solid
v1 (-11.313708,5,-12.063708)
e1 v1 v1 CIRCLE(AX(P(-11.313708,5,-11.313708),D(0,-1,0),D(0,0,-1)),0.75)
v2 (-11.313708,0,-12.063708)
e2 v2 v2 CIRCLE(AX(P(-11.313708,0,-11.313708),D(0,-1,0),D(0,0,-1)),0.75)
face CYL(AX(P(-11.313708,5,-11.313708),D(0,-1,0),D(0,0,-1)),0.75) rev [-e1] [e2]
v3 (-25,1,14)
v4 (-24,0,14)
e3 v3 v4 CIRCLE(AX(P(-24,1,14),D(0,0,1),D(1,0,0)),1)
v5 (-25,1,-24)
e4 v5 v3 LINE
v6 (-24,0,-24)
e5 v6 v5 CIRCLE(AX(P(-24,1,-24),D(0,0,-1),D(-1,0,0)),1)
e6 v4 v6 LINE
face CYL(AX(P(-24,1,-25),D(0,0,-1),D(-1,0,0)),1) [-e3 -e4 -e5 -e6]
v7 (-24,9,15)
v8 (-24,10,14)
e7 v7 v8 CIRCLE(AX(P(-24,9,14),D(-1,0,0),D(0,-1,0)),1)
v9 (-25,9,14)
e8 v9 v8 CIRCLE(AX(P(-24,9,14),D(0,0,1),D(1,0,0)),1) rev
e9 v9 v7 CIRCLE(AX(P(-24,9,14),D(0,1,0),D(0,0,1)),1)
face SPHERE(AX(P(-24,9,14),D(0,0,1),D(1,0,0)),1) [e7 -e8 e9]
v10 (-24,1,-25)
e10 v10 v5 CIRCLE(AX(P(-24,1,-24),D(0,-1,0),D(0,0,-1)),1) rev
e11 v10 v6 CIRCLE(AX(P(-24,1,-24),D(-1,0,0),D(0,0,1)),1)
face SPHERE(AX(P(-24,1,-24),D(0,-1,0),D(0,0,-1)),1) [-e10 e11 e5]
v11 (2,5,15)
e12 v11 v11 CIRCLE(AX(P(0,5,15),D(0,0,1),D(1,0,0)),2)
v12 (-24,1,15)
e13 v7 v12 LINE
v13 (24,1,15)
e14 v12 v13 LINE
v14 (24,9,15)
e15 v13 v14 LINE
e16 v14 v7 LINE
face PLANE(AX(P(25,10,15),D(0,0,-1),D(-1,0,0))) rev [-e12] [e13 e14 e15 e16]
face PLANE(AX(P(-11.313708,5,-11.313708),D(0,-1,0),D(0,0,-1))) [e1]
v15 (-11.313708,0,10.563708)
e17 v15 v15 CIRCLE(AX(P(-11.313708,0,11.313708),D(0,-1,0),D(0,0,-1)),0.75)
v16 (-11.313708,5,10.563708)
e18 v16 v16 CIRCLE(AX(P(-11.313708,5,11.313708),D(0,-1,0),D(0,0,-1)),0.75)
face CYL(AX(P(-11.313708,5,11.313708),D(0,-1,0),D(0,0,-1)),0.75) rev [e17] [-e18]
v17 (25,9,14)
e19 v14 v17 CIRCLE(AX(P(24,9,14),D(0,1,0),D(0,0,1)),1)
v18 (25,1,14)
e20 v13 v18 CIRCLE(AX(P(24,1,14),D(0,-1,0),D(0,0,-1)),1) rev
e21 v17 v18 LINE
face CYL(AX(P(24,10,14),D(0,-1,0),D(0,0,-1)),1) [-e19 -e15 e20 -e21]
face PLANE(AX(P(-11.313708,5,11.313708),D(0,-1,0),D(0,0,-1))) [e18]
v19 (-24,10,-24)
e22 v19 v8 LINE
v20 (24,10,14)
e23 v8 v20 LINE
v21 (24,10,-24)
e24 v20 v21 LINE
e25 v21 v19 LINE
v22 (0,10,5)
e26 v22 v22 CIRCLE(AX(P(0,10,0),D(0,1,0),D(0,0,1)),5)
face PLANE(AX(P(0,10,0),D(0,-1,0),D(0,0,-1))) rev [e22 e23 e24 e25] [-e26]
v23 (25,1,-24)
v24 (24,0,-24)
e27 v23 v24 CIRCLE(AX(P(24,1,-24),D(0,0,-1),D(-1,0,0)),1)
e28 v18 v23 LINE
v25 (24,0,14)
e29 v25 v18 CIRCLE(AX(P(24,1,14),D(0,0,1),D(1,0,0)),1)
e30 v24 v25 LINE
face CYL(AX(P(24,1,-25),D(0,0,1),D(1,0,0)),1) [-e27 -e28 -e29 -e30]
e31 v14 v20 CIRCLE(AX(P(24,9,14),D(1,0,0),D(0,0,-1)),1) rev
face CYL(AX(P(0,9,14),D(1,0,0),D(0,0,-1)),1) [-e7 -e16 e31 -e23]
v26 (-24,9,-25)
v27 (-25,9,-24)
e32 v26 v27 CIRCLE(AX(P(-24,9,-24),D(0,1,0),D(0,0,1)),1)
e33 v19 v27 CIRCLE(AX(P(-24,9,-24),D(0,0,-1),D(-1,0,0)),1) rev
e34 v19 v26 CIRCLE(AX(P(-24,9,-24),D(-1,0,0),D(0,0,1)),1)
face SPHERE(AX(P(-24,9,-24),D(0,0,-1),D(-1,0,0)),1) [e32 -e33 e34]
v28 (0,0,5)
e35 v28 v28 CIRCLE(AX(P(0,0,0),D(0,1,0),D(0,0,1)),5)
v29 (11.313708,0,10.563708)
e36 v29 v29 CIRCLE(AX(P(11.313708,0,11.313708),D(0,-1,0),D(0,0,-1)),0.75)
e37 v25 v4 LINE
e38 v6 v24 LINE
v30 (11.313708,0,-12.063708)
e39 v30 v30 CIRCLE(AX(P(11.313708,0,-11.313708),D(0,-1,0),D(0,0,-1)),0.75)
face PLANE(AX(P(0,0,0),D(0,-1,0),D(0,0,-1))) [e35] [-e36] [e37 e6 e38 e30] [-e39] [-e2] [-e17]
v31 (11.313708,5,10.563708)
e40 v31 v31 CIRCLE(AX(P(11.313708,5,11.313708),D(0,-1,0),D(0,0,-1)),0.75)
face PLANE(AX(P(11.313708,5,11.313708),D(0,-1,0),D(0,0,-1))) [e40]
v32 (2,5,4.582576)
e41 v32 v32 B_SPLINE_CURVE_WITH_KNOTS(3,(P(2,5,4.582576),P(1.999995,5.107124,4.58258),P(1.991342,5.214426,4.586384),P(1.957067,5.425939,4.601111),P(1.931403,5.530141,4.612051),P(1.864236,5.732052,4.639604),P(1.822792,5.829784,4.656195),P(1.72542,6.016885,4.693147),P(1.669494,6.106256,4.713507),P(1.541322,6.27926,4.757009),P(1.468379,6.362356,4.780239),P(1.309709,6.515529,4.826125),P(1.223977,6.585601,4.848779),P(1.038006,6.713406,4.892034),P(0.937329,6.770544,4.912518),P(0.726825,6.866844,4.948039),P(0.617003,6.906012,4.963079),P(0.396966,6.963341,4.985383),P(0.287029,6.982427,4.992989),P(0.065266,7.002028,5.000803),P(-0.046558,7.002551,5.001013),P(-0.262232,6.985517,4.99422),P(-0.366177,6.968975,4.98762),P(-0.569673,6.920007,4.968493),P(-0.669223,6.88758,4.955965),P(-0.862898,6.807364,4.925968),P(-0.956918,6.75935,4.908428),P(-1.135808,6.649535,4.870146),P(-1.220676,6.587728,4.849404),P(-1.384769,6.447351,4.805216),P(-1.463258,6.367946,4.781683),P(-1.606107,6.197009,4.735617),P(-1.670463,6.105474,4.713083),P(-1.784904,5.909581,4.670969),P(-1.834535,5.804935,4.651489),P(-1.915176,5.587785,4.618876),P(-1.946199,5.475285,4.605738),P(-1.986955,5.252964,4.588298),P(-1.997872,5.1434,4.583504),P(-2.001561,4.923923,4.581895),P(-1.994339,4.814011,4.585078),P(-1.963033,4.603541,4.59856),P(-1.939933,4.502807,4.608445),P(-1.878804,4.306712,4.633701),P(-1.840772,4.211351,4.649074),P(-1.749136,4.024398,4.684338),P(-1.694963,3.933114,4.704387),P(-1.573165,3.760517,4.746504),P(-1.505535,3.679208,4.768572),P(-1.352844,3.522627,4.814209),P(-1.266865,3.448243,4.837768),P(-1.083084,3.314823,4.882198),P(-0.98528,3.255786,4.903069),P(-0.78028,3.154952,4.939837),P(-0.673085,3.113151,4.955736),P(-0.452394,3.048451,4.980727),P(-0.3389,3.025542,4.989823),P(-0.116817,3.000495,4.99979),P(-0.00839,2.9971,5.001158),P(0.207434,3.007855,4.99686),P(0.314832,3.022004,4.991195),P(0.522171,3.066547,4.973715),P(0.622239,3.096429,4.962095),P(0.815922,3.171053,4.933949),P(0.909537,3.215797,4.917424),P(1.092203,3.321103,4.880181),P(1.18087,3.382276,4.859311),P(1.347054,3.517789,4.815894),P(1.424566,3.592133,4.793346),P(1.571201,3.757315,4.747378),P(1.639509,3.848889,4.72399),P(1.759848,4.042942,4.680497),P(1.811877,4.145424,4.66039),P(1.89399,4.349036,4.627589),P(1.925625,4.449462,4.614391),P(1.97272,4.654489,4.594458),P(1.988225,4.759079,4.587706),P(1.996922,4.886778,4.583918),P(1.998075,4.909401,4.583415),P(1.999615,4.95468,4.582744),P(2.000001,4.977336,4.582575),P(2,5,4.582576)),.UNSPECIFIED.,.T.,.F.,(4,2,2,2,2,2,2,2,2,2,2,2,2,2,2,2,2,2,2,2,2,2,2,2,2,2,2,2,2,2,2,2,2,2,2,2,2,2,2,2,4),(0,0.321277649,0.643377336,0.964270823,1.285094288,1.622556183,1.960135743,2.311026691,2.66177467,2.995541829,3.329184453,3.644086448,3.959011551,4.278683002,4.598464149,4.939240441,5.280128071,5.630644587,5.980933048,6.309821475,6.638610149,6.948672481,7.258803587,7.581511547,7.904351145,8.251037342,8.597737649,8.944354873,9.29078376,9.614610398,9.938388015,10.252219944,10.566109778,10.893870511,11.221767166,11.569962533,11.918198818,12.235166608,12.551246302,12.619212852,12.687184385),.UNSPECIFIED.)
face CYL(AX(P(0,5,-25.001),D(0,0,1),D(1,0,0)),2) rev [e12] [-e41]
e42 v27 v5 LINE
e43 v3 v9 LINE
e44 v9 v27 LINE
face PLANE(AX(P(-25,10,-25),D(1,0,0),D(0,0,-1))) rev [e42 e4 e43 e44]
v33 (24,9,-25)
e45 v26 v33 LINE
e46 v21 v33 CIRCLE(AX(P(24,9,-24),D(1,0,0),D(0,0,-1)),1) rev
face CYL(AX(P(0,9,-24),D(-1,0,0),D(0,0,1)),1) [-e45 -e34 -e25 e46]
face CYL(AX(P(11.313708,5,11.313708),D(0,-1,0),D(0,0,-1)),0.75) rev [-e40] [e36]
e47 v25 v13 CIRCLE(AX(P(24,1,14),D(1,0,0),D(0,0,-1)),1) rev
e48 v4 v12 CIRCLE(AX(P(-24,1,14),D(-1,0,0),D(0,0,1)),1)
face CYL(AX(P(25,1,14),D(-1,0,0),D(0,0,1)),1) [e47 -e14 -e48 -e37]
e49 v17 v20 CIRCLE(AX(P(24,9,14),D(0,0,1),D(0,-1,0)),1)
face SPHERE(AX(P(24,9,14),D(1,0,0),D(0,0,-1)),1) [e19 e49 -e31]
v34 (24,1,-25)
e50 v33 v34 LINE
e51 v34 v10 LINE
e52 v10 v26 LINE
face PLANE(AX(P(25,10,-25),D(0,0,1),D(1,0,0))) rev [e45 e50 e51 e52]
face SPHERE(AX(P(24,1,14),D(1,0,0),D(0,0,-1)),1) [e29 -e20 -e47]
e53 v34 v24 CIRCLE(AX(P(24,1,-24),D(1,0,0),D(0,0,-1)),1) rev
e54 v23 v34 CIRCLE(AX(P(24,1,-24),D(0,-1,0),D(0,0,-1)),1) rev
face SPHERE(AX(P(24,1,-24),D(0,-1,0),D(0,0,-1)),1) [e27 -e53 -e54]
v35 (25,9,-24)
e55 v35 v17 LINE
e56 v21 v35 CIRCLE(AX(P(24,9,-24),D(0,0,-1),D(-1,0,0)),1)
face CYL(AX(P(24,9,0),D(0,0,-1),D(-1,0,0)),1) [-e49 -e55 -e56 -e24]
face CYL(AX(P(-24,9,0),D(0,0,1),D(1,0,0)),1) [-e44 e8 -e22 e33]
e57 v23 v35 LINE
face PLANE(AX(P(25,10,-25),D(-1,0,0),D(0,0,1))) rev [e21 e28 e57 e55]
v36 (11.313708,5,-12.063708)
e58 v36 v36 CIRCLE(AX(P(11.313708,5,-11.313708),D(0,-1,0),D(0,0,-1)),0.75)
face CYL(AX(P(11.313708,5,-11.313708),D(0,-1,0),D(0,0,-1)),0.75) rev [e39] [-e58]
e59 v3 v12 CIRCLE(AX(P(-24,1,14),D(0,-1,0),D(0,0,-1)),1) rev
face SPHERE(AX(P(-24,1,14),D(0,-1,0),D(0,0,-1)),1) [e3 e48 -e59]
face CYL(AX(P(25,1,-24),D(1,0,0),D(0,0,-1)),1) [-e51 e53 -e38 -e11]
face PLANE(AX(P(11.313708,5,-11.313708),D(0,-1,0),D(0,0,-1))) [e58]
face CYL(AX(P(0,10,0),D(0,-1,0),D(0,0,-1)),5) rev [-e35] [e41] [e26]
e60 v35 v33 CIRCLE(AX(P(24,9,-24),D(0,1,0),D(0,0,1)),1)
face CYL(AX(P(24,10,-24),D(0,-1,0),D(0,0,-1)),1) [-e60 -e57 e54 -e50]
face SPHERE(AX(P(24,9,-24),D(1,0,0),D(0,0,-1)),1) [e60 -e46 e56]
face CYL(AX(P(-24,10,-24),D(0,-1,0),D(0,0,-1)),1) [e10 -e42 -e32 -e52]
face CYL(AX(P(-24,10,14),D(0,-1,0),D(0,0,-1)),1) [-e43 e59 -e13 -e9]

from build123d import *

# Parameters (mm, degrees)
SKETCH1_W               = 50
SKETCH1_H               = 40
SKETCH1_R               = 5
BOSS_EXTRUDE1_DEPTH     = 10
SKETCH2_R               = 0.75
CUT_EXTRUDE1_DEPTH      = 5
CUT_EXTRUDE2_REACH      = 50.218
CUT_EXTRUDE2_END_RADIUS = 5
SKETCH3_R               = 2
FILLET1_R               = 1


with BuildPart() as part:
    # Sketch1 → Boss-Extrude1 (new body)
    with BuildSketch(Plane(origin=(0, 0, 0), x_dir=(1, 0, 0), z_dir=(0, 1, 0))):
        with Locations((0, 5)):
            Rectangle(SKETCH1_W, SKETCH1_H)
        with Locations(Location((0, 0, 0), (0, 0, 270))):
            Circle(SKETCH1_R, mode=Mode.SUBTRACT)
    extrude(amount=BOSS_EXTRUDE1_DEPTH)

    # Sketch2 → Cut-Extrude1 (cut)
    with BuildSketch(Plane.XZ):
        with Locations(Location((-11.313708499, 11.313708499, 0), (0, 0, 270))):
            Circle(SKETCH2_R)
        with Locations(Location((11.313708499, 11.313708499, 0), (0, 0, 270))):
            Circle(SKETCH2_R)
        with Locations(Location((11.313708499, -11.313708499, 0), (0, 0, 270))):
            Circle(SKETCH2_R)
        with Locations(Location((-11.313708499, -11.313708499, 0), (0, 0, 270))):
            Circle(SKETCH2_R)
    extrude(amount=-CUT_EXTRUDE1_DEPTH, mode=Mode.SUBTRACT)

    # Cut-Extrude2: up to this cylinder (the profile starts outside it)
    cut_extrude2_end = Plane(origin=(0, 5, 0), z_dir=(0, -1, 0)) * Cylinder(CUT_EXTRUDE2_END_RADIUS, 111.436, mode=Mode.PRIVATE)
    # Sketch3 → Cut-Extrude2 (cut, up to the surface)
    with BuildSketch(Plane.XY.offset(15), mode=Mode.PRIVATE) as cut_extrude2_sk1:
        with Locations((0, 5)):
            Circle(SKETCH3_R)
    cut_extrude2_tool1 = extrude(cut_extrude2_sk1.sketch, amount=-CUT_EXTRUDE2_REACH, mode=Mode.PRIVATE) - cut_extrude2_end
    add(cut_extrude2_tool1.solids().sort_by_distance((0, 5, 15))[0], mode=Mode.SUBTRACT)

    # Fillet1
    fillet1_edges = [part.edges().sort_by_distance(p)[0] for p in [
        (-25, 10, -5),
        (0, 10, 15),
        (25, 10, -5),
        (0, 0, 15),
        (-25, 0, -5),
        (0, 0, -25),
        (25, 0, -5),
        (25, 5, 15),
        (-25, 5, 15),
        (-25, 5, -25),
        (25, 5, -25),
        (0, 10, -25),
    ]]
    fillet(fillet1_edges, radius=FILLET1_R)


solid = part.part
